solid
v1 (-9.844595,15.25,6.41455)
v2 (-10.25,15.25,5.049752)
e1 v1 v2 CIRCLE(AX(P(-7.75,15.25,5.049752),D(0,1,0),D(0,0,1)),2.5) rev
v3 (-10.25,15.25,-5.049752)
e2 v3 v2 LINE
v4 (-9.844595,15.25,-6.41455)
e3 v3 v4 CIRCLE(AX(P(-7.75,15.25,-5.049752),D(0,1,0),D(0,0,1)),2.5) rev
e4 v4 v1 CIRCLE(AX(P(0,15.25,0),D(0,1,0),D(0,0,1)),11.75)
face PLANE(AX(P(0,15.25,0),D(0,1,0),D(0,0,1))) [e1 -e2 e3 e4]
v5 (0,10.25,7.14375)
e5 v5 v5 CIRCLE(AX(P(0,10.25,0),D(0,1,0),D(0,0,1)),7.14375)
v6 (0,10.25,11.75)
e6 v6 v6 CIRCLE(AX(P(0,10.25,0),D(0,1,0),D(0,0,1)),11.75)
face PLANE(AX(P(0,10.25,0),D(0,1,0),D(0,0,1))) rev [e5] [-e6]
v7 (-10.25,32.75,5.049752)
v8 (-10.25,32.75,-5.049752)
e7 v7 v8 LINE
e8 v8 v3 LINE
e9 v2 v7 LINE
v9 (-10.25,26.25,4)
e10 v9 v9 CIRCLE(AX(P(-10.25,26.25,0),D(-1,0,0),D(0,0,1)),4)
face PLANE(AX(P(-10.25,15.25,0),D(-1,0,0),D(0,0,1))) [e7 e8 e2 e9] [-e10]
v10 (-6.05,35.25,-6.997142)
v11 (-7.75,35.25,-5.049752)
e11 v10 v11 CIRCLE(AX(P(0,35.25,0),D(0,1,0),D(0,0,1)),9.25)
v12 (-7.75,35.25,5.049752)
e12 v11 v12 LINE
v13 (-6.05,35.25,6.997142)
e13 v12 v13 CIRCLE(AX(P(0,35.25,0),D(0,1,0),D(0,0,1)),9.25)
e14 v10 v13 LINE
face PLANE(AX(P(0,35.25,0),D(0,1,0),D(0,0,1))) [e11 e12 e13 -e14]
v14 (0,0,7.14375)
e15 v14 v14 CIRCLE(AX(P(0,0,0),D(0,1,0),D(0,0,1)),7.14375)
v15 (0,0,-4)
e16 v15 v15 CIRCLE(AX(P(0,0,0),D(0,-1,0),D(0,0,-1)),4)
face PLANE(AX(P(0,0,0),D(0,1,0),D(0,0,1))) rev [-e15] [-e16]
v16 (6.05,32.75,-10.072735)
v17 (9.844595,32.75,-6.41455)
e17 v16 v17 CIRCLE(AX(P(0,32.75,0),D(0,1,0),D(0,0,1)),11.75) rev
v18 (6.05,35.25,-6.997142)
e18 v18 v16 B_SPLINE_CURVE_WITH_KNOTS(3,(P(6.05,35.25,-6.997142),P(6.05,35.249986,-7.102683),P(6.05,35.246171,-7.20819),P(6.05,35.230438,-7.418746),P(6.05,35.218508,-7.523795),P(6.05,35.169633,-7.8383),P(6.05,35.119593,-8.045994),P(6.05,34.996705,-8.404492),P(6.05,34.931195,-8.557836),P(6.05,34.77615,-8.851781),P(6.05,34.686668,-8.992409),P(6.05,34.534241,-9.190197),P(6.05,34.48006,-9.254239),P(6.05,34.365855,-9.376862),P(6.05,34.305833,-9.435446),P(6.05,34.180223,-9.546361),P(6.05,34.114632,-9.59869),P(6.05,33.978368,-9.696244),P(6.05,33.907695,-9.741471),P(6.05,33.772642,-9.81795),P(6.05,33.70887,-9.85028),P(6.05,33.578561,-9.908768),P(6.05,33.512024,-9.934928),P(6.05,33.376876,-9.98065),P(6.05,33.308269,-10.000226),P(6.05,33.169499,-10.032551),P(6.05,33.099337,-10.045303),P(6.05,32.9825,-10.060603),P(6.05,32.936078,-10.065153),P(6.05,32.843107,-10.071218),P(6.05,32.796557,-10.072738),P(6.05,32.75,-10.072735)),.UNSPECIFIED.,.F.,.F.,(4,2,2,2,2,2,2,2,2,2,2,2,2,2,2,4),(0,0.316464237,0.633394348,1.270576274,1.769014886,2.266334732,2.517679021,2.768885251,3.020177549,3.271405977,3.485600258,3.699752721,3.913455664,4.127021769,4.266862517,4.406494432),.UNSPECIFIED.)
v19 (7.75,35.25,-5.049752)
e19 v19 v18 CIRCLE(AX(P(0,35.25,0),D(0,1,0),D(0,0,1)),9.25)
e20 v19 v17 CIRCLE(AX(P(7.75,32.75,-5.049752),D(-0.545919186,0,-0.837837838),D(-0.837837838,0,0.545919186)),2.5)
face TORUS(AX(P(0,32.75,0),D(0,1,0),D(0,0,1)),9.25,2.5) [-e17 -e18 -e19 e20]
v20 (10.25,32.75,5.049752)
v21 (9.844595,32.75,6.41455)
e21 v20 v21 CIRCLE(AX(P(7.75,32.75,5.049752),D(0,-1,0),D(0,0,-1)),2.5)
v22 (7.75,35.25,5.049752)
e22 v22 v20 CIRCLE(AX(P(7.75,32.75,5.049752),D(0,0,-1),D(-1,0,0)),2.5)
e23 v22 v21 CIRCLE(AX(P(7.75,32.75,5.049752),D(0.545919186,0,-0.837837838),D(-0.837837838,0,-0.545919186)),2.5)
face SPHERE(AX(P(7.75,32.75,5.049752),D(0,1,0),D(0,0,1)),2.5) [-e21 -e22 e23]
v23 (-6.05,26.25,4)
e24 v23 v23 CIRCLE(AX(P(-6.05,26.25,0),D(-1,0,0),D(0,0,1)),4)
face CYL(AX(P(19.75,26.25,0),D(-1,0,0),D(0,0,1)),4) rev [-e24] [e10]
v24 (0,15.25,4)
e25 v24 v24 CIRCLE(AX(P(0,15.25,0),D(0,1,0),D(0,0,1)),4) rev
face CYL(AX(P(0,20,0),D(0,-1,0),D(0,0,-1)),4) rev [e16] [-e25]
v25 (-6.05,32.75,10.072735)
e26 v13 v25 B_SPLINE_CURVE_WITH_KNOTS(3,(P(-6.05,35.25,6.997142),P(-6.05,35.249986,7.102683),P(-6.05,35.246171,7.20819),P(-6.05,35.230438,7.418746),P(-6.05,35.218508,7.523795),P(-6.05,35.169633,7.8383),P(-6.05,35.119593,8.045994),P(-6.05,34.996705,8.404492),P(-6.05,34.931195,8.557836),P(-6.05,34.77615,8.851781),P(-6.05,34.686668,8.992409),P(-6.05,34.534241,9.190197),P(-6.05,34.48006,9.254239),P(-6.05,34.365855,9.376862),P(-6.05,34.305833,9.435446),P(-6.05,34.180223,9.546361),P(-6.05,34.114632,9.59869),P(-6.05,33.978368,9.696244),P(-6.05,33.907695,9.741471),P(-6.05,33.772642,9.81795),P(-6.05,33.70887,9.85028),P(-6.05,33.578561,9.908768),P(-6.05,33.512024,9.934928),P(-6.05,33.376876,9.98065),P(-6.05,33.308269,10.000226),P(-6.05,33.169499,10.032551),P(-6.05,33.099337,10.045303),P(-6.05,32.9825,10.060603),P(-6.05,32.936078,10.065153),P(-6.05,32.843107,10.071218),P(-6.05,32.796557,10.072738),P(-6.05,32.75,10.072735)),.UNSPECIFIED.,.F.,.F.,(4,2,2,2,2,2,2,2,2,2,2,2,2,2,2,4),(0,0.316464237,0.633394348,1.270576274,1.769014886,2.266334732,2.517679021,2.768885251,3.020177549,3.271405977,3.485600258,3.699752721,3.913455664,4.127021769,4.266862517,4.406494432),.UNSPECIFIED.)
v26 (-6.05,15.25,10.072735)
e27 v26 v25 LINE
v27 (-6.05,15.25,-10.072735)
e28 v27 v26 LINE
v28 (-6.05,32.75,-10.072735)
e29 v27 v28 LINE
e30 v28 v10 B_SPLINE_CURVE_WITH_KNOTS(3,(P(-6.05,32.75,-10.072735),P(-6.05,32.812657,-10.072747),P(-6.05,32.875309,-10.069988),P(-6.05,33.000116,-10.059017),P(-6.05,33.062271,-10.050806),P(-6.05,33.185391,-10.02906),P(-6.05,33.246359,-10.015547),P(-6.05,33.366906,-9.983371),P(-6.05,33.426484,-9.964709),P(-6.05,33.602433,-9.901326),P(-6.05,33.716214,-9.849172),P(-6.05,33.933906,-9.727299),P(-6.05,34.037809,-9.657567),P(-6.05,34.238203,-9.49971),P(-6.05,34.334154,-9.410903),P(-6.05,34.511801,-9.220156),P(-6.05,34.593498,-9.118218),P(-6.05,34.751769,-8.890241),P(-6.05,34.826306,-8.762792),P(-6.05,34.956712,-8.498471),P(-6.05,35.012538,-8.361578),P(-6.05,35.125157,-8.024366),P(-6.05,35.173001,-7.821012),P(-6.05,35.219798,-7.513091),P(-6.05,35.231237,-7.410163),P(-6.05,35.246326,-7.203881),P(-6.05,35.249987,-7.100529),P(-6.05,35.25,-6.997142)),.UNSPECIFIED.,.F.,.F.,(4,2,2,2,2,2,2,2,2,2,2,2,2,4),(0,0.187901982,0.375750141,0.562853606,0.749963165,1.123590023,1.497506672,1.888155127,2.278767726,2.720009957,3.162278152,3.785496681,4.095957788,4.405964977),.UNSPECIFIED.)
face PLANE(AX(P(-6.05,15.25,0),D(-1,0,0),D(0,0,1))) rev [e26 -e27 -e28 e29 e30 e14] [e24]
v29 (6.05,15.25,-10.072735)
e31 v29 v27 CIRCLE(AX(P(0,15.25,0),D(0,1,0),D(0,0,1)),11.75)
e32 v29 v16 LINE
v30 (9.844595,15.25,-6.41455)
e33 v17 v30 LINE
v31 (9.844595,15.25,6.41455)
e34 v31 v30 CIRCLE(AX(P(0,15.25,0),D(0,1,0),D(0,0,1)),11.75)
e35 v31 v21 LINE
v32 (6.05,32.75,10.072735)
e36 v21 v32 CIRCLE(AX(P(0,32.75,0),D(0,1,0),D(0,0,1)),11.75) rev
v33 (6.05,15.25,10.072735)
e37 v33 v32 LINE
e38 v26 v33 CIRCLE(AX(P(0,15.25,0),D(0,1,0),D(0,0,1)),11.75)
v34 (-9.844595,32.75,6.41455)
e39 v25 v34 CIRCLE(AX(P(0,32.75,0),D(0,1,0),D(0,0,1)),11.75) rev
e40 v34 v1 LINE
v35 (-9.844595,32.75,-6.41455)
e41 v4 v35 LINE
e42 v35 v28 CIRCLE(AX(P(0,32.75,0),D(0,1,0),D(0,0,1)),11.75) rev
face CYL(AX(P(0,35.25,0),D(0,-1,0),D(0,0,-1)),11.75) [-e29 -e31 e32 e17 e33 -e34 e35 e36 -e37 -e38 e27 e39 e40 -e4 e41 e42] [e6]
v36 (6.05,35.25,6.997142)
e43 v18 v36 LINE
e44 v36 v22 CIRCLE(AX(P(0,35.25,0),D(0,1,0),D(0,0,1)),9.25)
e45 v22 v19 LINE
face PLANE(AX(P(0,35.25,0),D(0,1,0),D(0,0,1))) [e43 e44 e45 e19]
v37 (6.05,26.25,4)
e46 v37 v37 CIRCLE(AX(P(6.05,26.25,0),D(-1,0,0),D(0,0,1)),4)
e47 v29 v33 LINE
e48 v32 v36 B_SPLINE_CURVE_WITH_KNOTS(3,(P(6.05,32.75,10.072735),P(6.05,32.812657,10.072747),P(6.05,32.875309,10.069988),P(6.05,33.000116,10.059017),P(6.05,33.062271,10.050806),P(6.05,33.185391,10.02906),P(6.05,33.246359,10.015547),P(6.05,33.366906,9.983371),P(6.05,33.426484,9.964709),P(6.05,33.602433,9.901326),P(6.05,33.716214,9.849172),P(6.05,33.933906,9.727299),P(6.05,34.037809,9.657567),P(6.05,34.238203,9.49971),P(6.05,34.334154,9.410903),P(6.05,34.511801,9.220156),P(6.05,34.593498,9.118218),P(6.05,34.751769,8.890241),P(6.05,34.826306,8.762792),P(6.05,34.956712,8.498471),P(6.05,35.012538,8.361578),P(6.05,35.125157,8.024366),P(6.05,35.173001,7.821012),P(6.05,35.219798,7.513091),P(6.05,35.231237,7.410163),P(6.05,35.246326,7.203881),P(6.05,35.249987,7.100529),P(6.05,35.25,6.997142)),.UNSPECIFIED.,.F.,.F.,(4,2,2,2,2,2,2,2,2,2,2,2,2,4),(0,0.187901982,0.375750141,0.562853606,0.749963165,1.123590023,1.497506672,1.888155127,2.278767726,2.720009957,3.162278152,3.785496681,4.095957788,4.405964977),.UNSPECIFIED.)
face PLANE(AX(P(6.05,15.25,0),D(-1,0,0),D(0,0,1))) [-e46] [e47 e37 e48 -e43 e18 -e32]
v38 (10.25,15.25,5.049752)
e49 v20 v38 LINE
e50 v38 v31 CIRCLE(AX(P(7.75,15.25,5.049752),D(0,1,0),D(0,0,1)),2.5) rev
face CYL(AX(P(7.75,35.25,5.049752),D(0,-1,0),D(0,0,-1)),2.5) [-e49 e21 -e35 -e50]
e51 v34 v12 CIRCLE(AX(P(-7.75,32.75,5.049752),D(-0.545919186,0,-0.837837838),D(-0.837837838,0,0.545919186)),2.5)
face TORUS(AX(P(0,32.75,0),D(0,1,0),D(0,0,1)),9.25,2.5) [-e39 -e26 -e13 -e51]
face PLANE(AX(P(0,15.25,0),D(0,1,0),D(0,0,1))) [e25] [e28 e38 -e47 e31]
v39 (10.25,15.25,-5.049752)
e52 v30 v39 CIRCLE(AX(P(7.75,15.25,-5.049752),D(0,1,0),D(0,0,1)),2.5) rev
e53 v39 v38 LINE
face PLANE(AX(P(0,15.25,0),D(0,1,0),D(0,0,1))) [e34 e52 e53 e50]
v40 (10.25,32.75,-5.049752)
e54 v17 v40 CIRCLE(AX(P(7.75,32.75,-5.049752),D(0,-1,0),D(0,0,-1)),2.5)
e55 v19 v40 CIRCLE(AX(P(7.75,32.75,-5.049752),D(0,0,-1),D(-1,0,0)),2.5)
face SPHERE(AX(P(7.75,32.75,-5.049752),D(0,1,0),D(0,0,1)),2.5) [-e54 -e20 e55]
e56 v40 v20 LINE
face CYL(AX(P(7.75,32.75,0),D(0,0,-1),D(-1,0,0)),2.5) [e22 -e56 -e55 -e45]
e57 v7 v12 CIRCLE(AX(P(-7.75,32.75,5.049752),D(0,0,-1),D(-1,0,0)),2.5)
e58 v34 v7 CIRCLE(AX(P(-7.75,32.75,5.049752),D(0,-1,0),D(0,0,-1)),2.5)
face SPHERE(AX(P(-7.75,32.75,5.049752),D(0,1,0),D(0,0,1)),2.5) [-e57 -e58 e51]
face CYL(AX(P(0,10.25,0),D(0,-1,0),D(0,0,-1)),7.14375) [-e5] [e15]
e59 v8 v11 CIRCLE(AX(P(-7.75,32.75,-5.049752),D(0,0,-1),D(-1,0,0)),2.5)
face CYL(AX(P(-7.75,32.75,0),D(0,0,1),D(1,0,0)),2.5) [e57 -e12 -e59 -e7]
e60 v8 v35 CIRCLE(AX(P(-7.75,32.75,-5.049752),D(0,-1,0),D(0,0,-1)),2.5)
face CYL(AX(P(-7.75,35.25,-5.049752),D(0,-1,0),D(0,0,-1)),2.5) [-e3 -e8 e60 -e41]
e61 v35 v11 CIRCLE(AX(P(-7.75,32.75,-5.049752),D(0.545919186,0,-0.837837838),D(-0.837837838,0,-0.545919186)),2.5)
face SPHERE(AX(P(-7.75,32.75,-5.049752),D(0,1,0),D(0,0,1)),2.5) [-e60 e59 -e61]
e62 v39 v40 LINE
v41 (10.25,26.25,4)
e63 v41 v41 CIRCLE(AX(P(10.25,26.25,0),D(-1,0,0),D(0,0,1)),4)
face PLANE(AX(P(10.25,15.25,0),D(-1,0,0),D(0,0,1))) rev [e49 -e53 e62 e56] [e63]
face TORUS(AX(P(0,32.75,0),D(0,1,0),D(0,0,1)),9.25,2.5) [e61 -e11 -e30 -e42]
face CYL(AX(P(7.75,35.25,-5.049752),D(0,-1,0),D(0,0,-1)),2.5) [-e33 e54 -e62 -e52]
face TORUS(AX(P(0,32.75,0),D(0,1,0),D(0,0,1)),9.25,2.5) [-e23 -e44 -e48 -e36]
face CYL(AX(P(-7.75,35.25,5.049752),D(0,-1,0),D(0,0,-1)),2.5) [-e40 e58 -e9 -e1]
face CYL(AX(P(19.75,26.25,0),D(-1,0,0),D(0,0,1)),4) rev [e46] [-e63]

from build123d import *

# Parameters (mm, degrees)
SKETCH1_R           = 7.14375
BOSS_EXTRUDE1_DEPTH = 10.25
SKETCH2_R           = 11.75
BOSS_EXTRUDE2_DEPTH = 25
SKETCH6_R           = 4
CUT_EXTRUDE4_DEPTH  = 20
CUT_EXTRUDE5_START  = -20
CUT_EXTRUDE5_DEPTH  = 20
SKETCH7_R           = 4
CUT_EXTRUDE6_DEPTH  = 30
FILLET1_R           = 2.5
FILLET2_R           = 2.5


with BuildPart() as part:
    # Sketch1 → Boss-Extrude1 (new body)
    with BuildSketch(Plane(origin=(0, 0, 0), x_dir=(1, 0, 0), z_dir=(0, 1, 0))):
        with Locations(Location((0, 0, 0), (0, 0, 270))):
            Circle(SKETCH1_R)
    extrude(amount=BOSS_EXTRUDE1_DEPTH)

    # Sketch2 → Boss-Extrude2 (add)
    with BuildSketch(Plane(origin=(0, 10.25, 0), x_dir=(1, 0, 0), z_dir=(0, 1, 0))):
        with Locations(Location((0, 0, 0), (0, 0, 270))):
            Circle(SKETCH2_R)
    extrude(amount=BOSS_EXTRUDE2_DEPTH)

    # Sketch6 → Cut-Extrude4 (cut)
    with BuildSketch(Plane.XZ):
        with Locations(Location((0, 0, 0), (0, 0, 270))):
            Circle(SKETCH6_R)
    extrude(amount=-CUT_EXTRUDE4_DEPTH, mode=Mode.SUBTRACT)

    # Sketch3 → Cut-Extrude5 (cut)
    with BuildSketch(Plane(origin=(0, 35.25, 0), x_dir=(1, 0, 0), z_dir=(0, 1, 0)).offset(CUT_EXTRUDE5_START)):
        with BuildLine():
            ThreePointArc((6.05, 10.072735478), (0, 11.75), (-6.05, 10.072735478))
            Line((-6.05, 10.072735478), (-6.05, -10.072735478))
            ThreePointArc((-6.05, -10.072735478), (0, -11.75), (6.05, -10.072735478))
            Line((6.05, -10.072735478), (6.05, 10.072735478))
        make_face()
        with BuildLine():
            Line((-10.25, -5.744562647), (-10.25, 5.744562647))
            ThreePointArc((-10.25, 5.744562647), (-11.75, 0), (-10.25, -5.744562647))
        make_face()
        with BuildLine():
            ThreePointArc((11.75, 0), (11.368817001, 2.968585522), (10.25, 5.744562647))
            Line((10.25, 5.744562647), (10.25, -5.744562647))
            ThreePointArc((10.25, -5.744562647), (11.368817001, -2.968585522), (11.75, 0))
        make_face()
    extrude(amount=CUT_EXTRUDE5_DEPTH, mode=Mode.SUBTRACT)

    # Sketch7 → Cut-Extrude6 (cut)
    with BuildSketch(Plane.ZY.offset(10.25)):
        with Locations((0, 26.25)):
            Circle(SKETCH7_R)
    extrude(amount=-CUT_EXTRUDE6_DEPTH, mode=Mode.SUBTRACT)

    # Fillet1
    fillet1_edges = [part.edges().sort_by_distance(p)[0] for p in [
        (10.25, 25.25, -5.744562647),
        (10.25, 25.25, 5.744562647),
        (-10.25, 25.25, -5.744562647),
        (-10.25, 25.25, 5.744562647),
    ]]
    fillet(fillet1_edges, radius=FILLET1_R)

    # Fillet2
    fillet2_edges = [part.edges().sort_by_distance(p)[0] for p in [
        (-8.155066755, 35.25, -8.4591599),
        (8.155066755, 35.25, 8.4591599),
        (8.155066755, 35.25, -8.4591599),
        (-8.155066755, 35.25, 8.4591599),
        (10.25, 35.25, 0),
        (10.146506466, 35.25, -5.761620966),
        (10.146506466, 35.25, 5.761620966),
        (-10.25, 35.25, 0),
        (-10.146506466, 35.25, -5.761620966),
        (-10.146506466, 35.25, 5.761620966),
    ]]
    fillet(fillet2_edges, radius=FILLET2_R)


solid = part.part
